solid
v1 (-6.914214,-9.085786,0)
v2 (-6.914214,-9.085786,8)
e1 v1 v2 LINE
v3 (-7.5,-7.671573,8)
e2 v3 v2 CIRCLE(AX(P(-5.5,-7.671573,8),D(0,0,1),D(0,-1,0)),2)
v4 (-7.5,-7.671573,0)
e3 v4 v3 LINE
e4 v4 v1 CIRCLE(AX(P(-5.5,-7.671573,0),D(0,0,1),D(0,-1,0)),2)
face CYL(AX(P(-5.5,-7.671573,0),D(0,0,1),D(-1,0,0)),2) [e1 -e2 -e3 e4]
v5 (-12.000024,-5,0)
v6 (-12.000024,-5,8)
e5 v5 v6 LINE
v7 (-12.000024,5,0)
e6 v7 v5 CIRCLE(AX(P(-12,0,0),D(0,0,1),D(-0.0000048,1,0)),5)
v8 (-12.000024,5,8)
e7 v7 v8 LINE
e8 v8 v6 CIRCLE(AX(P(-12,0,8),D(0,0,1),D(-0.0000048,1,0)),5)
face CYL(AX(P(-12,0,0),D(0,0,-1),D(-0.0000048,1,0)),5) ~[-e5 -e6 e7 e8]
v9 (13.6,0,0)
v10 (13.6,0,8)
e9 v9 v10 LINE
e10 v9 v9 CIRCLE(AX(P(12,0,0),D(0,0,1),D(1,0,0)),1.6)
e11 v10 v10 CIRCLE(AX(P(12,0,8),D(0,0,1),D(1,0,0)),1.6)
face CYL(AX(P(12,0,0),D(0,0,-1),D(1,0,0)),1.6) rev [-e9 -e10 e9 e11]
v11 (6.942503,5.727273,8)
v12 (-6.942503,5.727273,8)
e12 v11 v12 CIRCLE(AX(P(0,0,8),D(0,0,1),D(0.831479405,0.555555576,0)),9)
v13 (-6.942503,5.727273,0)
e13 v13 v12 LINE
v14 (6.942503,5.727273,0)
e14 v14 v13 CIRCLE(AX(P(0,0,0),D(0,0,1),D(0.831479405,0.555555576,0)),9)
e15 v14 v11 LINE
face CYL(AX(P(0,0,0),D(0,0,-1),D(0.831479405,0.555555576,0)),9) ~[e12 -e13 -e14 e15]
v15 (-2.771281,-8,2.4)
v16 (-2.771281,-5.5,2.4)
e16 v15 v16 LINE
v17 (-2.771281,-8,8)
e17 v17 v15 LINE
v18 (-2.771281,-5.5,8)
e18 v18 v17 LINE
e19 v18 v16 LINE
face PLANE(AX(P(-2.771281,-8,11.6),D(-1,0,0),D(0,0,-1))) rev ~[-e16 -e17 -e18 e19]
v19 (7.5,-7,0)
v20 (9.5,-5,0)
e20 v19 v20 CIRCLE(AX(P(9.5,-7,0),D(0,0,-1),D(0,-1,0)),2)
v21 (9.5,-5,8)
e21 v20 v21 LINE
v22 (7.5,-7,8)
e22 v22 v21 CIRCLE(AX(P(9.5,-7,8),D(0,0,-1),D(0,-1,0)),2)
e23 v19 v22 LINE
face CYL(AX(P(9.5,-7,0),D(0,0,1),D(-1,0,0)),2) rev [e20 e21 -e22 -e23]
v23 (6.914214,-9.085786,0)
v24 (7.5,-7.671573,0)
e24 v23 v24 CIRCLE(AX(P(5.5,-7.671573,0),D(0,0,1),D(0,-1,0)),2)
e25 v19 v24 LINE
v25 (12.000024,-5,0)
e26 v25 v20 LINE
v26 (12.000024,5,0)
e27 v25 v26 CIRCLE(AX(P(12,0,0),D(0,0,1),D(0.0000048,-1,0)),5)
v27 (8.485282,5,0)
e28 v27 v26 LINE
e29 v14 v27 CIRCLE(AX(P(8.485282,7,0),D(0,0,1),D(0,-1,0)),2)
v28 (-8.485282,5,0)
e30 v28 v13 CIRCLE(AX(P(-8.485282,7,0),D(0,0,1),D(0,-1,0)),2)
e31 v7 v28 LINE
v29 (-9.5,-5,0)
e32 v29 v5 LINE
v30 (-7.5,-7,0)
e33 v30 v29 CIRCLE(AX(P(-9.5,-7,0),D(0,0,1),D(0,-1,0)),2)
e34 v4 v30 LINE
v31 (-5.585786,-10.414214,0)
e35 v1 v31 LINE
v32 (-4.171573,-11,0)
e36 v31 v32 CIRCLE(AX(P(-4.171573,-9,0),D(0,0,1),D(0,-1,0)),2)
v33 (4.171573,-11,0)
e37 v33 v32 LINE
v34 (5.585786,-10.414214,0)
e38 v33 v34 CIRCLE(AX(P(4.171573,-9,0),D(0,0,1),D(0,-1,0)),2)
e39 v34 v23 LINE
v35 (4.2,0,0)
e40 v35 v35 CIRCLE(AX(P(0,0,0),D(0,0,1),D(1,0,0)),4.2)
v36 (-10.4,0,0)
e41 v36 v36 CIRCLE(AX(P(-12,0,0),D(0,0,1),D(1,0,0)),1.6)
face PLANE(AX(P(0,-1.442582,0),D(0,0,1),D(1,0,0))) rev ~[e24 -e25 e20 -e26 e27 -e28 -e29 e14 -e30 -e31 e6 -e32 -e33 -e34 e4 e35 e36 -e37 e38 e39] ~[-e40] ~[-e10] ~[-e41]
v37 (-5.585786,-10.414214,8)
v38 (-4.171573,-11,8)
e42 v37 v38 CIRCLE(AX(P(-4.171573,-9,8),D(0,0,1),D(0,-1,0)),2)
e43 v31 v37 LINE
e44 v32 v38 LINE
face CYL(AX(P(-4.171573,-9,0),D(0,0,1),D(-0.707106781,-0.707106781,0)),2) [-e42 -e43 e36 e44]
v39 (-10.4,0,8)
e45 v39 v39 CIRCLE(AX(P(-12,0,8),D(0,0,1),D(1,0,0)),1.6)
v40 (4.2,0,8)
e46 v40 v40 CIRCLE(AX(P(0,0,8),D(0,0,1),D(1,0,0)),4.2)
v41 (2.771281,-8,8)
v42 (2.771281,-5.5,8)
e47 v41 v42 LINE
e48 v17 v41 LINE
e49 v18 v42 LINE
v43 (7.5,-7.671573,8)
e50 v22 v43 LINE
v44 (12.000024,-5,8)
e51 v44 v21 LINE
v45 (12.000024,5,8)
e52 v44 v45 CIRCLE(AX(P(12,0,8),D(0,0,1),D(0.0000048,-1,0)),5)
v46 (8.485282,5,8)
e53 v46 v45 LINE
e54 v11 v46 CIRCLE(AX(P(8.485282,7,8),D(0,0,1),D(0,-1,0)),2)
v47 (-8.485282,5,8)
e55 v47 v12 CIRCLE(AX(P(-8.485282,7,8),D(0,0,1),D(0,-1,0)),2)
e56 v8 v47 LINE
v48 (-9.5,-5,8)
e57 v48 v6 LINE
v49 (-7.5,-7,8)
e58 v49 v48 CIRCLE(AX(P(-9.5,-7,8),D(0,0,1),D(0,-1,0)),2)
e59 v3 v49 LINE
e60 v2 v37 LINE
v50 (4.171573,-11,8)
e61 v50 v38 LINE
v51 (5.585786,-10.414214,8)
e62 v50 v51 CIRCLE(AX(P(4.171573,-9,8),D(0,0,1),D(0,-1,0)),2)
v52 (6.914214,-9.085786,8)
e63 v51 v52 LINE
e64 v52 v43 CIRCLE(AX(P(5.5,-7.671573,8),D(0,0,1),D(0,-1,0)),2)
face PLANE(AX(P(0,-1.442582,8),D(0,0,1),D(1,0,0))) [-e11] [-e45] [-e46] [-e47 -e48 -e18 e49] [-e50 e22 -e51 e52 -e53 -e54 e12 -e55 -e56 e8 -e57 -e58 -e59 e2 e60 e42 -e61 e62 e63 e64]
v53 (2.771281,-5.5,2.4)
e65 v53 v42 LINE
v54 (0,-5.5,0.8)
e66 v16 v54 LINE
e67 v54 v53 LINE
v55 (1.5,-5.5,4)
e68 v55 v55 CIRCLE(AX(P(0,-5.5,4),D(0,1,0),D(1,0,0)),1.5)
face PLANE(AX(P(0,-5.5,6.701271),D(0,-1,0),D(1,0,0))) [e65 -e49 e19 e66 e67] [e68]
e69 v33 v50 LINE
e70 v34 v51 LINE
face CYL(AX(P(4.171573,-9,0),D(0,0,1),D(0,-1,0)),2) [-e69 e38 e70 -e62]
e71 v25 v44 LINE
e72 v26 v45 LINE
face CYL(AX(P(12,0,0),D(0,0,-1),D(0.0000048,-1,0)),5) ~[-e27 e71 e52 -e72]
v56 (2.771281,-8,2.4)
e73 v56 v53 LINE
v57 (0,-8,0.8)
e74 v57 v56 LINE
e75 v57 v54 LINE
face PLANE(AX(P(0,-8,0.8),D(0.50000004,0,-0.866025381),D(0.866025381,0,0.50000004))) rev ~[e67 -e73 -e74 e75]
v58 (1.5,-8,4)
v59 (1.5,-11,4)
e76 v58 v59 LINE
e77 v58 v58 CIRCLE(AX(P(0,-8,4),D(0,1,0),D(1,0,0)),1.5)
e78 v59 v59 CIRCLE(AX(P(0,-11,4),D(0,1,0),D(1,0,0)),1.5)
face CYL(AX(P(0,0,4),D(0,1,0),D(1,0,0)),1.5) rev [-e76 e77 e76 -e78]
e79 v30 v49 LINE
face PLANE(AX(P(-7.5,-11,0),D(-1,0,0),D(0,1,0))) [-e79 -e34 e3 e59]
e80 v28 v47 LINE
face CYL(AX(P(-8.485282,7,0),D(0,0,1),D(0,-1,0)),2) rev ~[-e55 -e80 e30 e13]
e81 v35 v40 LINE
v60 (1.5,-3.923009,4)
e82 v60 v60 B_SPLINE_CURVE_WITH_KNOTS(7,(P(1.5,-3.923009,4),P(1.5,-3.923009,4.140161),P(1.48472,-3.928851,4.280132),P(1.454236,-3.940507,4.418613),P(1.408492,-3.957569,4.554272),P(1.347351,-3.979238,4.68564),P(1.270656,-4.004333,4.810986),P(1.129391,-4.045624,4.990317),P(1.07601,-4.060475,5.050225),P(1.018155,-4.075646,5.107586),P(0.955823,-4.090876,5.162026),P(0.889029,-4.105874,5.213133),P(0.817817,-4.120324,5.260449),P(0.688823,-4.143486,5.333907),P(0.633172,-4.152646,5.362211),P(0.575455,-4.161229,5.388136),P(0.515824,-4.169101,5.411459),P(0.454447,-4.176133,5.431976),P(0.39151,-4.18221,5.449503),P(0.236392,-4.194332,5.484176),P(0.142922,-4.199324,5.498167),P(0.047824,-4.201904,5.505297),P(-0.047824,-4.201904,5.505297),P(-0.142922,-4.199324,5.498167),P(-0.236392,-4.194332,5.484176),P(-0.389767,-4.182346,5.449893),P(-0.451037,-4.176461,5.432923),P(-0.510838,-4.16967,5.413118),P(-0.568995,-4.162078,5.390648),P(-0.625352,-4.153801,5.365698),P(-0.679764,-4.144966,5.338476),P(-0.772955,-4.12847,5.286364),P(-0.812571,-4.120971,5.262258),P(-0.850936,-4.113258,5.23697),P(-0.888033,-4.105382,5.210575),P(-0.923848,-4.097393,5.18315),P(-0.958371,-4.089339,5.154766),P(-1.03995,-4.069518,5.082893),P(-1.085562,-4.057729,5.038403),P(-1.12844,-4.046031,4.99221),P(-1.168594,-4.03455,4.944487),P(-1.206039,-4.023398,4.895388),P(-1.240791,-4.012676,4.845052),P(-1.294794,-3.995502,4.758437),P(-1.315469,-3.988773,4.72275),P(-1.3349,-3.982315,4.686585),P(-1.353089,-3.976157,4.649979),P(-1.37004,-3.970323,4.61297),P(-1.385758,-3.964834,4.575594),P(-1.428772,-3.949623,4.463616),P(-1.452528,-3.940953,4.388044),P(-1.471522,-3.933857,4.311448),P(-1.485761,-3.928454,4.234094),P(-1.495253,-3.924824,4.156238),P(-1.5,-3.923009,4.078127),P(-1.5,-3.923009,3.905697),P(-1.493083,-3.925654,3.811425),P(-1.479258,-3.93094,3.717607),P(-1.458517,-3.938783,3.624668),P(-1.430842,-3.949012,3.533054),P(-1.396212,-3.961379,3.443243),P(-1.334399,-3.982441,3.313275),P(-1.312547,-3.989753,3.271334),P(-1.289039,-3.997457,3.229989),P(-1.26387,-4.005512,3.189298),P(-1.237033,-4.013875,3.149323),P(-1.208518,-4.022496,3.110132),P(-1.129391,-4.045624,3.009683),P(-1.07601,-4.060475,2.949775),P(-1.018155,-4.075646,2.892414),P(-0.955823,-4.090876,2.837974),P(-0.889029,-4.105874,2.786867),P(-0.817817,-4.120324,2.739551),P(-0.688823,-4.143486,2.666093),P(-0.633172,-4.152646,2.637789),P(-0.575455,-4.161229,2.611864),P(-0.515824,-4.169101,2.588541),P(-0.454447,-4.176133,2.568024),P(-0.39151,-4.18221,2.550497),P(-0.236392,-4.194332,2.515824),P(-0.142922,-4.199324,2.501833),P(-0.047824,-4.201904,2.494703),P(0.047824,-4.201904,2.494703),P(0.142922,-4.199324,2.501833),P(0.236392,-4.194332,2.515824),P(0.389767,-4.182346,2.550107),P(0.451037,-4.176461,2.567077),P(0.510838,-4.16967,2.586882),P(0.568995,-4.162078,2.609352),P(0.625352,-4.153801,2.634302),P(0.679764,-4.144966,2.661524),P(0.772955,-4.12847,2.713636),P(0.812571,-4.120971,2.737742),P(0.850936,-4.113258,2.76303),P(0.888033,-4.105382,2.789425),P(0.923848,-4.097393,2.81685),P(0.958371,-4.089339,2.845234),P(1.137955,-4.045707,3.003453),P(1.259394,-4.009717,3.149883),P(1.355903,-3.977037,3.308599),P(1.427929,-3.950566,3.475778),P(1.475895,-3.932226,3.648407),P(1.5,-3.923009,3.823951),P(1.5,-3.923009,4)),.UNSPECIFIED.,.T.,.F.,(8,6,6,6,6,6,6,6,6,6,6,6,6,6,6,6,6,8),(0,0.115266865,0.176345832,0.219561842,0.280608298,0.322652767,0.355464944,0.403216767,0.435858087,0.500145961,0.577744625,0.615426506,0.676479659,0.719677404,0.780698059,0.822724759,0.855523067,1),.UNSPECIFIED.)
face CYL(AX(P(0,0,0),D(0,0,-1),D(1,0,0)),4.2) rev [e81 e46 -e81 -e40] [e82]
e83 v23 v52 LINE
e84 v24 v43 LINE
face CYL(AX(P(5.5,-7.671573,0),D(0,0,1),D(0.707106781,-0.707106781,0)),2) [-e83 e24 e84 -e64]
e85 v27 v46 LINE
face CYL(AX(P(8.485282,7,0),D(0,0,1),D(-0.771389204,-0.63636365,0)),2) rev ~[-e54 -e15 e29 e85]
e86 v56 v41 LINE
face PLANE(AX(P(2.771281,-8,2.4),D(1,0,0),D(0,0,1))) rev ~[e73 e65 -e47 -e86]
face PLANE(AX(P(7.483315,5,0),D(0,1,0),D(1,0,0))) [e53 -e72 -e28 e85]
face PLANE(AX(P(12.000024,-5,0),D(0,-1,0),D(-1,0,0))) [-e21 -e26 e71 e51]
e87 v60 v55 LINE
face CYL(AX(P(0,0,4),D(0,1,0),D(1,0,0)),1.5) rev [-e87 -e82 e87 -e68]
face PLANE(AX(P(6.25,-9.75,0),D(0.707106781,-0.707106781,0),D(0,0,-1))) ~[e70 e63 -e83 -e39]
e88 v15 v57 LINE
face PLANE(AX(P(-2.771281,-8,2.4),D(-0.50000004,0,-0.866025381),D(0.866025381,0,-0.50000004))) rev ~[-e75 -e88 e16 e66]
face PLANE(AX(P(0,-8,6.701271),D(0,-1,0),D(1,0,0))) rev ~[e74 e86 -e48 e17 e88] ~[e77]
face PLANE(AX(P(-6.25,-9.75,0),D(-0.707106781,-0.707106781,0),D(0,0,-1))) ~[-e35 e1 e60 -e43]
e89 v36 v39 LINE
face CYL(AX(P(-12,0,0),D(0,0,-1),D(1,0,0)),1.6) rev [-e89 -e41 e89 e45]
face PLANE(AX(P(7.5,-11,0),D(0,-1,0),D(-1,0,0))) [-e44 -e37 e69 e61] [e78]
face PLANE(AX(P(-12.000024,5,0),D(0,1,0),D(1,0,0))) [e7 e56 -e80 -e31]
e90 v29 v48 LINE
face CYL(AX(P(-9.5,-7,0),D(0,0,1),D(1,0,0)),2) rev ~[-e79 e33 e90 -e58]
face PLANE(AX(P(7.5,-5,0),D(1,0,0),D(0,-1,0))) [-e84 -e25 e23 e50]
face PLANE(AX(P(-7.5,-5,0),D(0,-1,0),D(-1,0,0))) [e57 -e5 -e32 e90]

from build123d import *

# Parameters (mm, degrees)
CYLINDER001_R          = 1.5
CYLINDER001_DEPTH      = 15
CYLINDER001_ROLL_ANGLE = 90
PAD002_DEPTH           = 2.5
SKETCH001_R            = 1.6
SKETCH001_R_2          = 4.2
PAD001_DEPTH           = 8
CHAMFER001_SIZE        = 2.5
FILLET001_R            = 2


with BuildPart() as cylinder001:
    # Cylinder001 → Cylinder001 (new body)
    with BuildSketch(Plane.XY):
        Circle(CYLINDER001_R)
    extrude(amount=CYLINDER001_DEPTH)


with BuildPart() as cylinder001_1:
    # Cylinder001 roll: moved
    add(cylinder001.part.rotate(Axis((0, 0, 0), (1, 0, 0)), CYLINDER001_ROLL_ANGLE))


with BuildPart() as cylinder001_2:
    # Cylinder001 placement: moved
    add(cylinder001_1.part.moved(Location((0, 0, 4))))


with BuildPart() as fusion005:
    # Sketch002 → Pad002 (new body)
    with BuildSketch(Plane.XZ.offset(8)):
        Polygon((0, 0.8), (2.771281, 2.4), (2.771281, 5.6), (2.771281, 11.6), (-2.771281, 11.6), (-2.771281, 5.6), (-2.771281, 2.4), align=None)
    extrude(amount=-PAD002_DEPTH)

    # Fusion005: union Cylinder001
    add(cylinder001_2.part)


with BuildPart() as cut002:
    # Sketch001 → Pad001 (new body)
    with BuildSketch(Plane.XY):
        with BuildLine():
            ThreePointArc((-12.000024, 5), (-17, 0), (-12.000024, -5))
            Line((-7.5, -5), (-12.000024, -5))
            Line((-7.5, -11), (-7.5, -5))
            Line((7.5, -11), (-7.5, -11))
            Line((7.5, -5), (7.5, -11))
            Line((12.000024, -5), (7.5, -5))
            ThreePointArc((12.000024, -5), (17, 0), (12.000024, 5))
            Line((7.483315, 5), (12.000024, 5))
            ThreePointArc((7.483315, 5), (0, 9), (-7.483315, 5))
            Line((-12.000024, 5), (-7.483315, 5))
        make_face()
        with Locations((-12, 0)):
            Circle(SKETCH001_R, mode=Mode.SUBTRACT)
        Circle(SKETCH001_R_2, mode=Mode.SUBTRACT)
        with Locations((12, 0)):
            Circle(SKETCH001_R, mode=Mode.SUBTRACT)
    extrude(amount=PAD001_DEPTH)

    # Chamfer001
    chamfer001_edges = [cut002.edges().sort_by_distance(p)[0] for p in [
        (-7.5, -11, 4),
        (7.5, -11, 4),
    ]]
    chamfer(chamfer001_edges, length=CHAMFER001_SIZE)

    # Fillet001
    fillet001_edges = [cut002.edges().sort_by_distance(p)[0] for p in [
        (-7.5, -8.5, 4),
        (-7.5, -5, 4),
        (-5, -11, 4),
        (5, -11, 4),
        (7.5, -8.5, 4),
        (-7.483315, 5, 4),
        (7.5, -5, 4),
        (7.483315, 5, 4),
    ]]
    fillet(fillet001_edges, radius=FILLET001_R)

    # Cut002: cut Fusion005
    add(fusion005.part, mode=Mode.SUBTRACT)


solid = cut002.part
